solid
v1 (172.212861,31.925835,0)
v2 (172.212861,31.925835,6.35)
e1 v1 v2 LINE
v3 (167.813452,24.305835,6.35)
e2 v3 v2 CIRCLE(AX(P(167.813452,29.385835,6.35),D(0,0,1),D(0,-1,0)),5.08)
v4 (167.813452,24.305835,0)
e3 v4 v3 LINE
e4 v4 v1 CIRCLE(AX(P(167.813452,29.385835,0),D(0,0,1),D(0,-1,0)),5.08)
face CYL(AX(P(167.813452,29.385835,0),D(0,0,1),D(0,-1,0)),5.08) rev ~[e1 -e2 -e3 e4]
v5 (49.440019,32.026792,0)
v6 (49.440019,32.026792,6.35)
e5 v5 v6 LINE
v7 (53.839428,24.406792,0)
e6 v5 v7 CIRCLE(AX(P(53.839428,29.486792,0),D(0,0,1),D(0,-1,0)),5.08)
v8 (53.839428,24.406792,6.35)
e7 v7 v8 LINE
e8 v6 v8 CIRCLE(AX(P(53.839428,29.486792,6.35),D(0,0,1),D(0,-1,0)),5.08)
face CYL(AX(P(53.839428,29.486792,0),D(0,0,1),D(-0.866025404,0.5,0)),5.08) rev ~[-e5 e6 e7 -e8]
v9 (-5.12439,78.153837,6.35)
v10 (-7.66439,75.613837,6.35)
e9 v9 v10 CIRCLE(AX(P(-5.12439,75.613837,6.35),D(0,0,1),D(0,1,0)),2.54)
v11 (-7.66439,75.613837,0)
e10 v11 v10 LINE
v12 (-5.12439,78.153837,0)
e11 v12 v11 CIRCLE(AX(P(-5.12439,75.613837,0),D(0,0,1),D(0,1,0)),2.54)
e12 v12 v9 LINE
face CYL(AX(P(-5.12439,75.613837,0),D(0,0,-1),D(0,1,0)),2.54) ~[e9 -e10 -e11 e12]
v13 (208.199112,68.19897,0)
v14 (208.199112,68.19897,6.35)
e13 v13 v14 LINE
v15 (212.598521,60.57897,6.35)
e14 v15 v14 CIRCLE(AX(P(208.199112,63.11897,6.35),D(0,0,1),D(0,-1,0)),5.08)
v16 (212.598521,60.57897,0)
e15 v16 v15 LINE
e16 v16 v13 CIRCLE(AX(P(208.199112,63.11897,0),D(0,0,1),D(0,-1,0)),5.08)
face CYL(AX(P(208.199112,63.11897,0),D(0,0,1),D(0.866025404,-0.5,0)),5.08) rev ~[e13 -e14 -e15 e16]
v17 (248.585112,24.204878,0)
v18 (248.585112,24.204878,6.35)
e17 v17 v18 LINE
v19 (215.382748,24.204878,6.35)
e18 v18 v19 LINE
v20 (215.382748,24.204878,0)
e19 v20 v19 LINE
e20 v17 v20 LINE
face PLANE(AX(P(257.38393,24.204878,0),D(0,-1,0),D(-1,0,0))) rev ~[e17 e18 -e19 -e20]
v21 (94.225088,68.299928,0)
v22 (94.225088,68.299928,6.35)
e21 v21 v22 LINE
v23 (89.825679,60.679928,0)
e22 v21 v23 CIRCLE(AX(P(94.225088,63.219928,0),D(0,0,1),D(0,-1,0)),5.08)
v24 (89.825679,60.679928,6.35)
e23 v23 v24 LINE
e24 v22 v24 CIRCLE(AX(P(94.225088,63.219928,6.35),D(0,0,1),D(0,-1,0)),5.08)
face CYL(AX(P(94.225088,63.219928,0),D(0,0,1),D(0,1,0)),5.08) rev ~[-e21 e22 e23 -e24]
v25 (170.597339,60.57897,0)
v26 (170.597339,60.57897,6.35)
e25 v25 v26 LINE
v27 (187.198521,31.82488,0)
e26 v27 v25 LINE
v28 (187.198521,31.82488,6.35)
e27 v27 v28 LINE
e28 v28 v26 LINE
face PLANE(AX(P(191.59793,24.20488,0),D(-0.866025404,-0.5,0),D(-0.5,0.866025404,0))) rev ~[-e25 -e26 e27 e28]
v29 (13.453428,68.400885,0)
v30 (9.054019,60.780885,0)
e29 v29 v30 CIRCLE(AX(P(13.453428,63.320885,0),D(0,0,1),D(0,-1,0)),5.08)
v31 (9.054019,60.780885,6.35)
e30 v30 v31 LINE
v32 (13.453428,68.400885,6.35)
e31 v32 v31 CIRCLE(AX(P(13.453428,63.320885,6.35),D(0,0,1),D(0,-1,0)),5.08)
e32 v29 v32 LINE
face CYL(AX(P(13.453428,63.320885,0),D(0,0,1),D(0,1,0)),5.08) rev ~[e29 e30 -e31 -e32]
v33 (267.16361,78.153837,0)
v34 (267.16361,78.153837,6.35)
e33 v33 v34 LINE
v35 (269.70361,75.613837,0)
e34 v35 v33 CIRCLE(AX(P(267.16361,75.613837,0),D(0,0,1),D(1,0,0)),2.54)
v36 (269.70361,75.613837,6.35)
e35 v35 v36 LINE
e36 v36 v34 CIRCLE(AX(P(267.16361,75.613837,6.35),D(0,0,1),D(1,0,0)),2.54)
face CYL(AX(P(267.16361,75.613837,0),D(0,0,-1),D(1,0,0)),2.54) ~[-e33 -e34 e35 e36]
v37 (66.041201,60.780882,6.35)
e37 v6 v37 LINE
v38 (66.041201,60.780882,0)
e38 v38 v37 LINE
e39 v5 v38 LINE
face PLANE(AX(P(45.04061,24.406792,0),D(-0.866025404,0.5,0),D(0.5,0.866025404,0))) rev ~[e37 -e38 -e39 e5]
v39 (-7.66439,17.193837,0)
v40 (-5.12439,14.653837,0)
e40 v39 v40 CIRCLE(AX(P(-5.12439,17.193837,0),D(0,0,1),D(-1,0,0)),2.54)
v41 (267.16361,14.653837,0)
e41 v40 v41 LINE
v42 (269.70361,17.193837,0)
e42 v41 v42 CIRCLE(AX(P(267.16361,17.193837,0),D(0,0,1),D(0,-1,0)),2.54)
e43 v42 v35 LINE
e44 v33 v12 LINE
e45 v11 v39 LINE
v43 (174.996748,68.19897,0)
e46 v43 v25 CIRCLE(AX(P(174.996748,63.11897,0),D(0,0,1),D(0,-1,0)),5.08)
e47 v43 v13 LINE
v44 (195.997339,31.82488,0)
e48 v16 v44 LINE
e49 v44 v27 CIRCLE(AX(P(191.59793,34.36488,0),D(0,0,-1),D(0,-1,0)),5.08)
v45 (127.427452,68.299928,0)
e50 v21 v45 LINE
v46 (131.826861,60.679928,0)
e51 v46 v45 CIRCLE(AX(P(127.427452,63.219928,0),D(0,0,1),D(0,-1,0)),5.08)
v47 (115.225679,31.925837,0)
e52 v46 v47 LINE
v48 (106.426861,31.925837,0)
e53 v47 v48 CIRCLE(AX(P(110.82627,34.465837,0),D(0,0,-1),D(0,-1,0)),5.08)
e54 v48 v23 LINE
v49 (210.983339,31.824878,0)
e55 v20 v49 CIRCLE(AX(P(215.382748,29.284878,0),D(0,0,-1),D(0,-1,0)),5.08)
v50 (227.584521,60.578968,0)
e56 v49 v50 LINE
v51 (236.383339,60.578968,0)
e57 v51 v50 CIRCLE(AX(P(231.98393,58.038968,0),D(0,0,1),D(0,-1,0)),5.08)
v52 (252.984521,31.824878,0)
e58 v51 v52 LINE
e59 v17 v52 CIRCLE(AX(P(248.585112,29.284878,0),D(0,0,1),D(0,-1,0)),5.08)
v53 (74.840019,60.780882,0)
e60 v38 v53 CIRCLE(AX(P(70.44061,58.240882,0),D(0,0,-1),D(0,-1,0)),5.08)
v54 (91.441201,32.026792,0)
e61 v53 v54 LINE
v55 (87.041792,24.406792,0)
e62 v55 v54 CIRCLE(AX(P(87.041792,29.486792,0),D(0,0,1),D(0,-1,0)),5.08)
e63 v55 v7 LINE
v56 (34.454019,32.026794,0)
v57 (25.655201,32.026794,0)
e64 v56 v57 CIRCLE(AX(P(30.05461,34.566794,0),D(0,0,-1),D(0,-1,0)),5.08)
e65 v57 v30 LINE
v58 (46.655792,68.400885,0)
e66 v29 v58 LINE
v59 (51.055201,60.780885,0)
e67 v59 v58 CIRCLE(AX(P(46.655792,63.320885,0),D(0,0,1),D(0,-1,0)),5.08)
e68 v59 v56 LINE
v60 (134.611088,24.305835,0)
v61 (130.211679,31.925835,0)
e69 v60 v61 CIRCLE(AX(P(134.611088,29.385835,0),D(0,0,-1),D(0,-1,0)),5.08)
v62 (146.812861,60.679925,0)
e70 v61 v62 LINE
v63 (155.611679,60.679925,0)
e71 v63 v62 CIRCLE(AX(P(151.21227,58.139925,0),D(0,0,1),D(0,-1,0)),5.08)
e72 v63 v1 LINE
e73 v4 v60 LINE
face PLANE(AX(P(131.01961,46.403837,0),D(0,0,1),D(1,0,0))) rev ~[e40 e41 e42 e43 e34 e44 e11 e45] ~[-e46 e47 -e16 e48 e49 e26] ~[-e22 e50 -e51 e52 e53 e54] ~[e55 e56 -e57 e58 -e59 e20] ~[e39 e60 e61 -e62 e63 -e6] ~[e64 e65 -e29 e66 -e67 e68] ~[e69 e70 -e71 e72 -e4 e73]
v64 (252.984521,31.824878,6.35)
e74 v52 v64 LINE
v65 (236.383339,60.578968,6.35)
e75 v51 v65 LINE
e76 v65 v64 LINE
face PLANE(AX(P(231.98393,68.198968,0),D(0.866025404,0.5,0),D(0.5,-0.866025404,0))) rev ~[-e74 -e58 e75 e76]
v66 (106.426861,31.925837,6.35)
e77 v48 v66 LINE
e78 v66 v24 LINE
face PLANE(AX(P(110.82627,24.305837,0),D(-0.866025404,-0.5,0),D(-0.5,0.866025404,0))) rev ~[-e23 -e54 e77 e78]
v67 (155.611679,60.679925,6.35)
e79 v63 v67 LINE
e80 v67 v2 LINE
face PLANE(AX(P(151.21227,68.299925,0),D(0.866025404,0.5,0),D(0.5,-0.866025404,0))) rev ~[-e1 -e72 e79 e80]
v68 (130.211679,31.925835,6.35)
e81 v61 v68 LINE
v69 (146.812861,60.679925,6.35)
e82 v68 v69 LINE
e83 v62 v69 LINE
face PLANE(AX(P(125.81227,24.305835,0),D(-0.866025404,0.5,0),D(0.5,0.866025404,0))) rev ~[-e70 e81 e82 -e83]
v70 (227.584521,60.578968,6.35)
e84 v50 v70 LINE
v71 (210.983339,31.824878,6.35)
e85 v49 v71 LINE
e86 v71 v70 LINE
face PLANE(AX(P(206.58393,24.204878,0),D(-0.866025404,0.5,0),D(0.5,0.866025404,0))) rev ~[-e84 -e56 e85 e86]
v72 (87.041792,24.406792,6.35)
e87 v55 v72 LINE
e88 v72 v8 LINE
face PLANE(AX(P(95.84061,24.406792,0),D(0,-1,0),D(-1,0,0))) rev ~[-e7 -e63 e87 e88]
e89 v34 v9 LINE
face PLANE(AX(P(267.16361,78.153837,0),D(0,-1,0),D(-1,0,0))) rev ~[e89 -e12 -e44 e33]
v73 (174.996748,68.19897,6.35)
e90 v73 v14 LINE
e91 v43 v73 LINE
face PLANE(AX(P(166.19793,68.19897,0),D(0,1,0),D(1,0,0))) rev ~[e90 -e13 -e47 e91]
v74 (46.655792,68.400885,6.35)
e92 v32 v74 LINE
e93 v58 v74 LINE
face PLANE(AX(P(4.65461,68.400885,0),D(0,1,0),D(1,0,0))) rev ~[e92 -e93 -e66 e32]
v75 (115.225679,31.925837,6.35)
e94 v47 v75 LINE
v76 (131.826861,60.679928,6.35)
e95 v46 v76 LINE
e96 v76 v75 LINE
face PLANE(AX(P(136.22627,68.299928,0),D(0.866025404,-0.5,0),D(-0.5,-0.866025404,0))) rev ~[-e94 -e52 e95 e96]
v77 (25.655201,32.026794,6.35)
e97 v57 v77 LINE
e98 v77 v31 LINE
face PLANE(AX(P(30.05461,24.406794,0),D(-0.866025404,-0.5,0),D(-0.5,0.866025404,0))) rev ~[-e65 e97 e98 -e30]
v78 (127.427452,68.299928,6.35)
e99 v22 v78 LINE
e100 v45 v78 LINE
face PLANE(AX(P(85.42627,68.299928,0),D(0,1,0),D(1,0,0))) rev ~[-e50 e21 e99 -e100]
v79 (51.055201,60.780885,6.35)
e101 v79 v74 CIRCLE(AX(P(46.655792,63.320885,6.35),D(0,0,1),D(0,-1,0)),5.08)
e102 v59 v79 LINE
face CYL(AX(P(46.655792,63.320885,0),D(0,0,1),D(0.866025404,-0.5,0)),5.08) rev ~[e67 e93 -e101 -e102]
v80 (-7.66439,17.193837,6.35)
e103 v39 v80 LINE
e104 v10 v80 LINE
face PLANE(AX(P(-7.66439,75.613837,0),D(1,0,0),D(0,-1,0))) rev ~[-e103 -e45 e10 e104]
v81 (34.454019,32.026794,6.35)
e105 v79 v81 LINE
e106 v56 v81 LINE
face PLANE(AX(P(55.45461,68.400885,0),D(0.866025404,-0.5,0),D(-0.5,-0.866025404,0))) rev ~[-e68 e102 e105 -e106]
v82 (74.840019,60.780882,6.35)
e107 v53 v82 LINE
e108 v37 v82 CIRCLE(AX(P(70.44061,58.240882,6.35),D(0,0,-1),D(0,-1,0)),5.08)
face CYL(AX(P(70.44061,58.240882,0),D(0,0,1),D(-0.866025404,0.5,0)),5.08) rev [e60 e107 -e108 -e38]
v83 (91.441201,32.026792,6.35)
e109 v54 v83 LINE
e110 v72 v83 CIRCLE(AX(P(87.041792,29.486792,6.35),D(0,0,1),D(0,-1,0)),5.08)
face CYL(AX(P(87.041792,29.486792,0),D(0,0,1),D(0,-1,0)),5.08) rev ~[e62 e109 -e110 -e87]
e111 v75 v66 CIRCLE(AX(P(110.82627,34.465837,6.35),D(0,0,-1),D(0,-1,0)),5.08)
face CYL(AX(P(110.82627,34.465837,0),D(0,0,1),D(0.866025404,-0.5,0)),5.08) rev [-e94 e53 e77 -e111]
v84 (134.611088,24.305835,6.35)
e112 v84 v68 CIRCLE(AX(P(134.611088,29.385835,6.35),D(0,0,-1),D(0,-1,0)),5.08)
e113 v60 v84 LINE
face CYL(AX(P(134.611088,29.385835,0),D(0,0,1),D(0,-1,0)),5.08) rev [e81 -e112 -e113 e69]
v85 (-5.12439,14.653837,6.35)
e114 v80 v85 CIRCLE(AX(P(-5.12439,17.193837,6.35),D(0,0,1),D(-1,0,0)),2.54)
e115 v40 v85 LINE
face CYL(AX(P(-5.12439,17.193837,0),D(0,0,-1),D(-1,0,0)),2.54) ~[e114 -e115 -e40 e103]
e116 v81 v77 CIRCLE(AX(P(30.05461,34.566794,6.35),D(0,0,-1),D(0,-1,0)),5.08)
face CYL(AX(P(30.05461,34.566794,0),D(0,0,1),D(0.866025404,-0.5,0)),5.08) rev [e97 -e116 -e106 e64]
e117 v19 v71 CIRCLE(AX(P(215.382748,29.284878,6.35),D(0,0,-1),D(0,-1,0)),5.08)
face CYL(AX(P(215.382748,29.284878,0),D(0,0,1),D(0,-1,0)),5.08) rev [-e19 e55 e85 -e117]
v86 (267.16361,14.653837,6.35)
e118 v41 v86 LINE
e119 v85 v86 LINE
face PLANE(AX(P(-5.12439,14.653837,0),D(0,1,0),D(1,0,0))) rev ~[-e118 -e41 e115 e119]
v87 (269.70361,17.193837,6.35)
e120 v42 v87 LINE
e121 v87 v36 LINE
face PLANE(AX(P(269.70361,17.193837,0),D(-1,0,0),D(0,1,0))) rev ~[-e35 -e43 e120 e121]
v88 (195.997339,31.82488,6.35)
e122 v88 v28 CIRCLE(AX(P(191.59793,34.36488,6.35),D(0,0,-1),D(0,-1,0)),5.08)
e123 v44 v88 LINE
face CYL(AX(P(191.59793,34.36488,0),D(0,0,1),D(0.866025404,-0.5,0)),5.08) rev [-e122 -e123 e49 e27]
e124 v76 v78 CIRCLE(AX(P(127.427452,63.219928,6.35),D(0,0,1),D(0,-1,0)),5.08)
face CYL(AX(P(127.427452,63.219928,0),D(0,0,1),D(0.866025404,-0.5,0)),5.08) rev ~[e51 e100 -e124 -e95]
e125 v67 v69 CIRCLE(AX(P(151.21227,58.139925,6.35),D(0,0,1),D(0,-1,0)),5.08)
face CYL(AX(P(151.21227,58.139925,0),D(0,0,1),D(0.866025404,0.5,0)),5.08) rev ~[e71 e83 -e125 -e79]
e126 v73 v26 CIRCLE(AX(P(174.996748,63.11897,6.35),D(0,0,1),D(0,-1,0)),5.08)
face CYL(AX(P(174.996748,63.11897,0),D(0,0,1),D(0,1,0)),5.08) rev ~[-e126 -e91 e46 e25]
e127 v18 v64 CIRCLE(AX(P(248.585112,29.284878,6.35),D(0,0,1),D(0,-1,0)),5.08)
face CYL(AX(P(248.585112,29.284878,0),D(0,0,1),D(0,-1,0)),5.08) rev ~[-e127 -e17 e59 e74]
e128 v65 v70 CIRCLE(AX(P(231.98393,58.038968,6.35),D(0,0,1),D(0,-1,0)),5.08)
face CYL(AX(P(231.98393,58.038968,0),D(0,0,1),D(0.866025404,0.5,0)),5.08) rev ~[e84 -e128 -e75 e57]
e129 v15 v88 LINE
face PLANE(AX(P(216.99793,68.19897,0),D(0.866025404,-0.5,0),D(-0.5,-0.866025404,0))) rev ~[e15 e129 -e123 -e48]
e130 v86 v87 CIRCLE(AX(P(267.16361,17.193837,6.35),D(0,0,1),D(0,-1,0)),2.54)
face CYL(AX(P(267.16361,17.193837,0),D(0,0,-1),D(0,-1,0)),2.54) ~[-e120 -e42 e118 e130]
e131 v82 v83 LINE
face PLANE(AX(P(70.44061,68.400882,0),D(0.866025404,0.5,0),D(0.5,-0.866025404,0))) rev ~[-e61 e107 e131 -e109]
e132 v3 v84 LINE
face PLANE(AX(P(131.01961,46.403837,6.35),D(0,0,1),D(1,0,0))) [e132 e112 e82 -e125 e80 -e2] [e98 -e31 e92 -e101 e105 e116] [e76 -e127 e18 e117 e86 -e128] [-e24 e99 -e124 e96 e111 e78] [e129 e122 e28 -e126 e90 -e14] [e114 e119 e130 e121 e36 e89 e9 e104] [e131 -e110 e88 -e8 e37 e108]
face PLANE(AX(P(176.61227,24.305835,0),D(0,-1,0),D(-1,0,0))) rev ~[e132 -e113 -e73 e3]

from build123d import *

# Parameters (mm, degrees)
BOSS_EXTRUDE1_DEPTH = 6.35
FILLET1_R           = 5.08


with BuildPart() as part:
    # Sketch2 → Boss-Extrude1 (new body)
    with BuildSketch(Plane.XY):
        with BuildLine():
            Line((-5.12438972, 14.653837172), (267.16361028, 14.653837172))
            ThreePointArc((267.16361028, 14.653837172), (268.959661504, 15.397785947), (269.70361028, 17.193837172))
            Line((269.70361028, 17.193837172), (269.70361028, 75.613837172))
            ThreePointArc((269.70361028, 75.613837172), (268.959661504, 77.409888396), (267.16361028, 78.153837172))
            Line((267.16361028, 78.153837172), (-5.12438972, 78.153837172))
            ThreePointArc((-5.12438972, 78.153837172), (-6.920440944, 77.409888396), (-7.66438972, 75.613837172))
            Line((-7.66438972, 75.613837172), (-7.66438972, 17.193837172))
            ThreePointArc((-7.66438972, 17.193837172), (-6.920440944, 15.397785947), (-5.12438972, 14.653837172))
        make_face()
        Polygon((30.05461028, 24.406794359), (4.65461028, 68.400884872), (55.45461028, 68.400884872), align=None, mode=Mode.SUBTRACT)
        Polygon((70.44061028, 68.400882428), (95.84061028, 24.406791915), (45.04061028, 24.406791915), align=None, mode=Mode.SUBTRACT)
        Polygon((110.82627023, 24.305837172), (85.42627023, 68.299927684), (136.22627023, 68.299927684), align=None, mode=Mode.SUBTRACT)
        Polygon((125.81227023, 24.305834728), (151.21227023, 68.29992524), (176.61227023, 24.305834728), align=None, mode=Mode.SUBTRACT)
        Polygon((191.59793018, 24.204879984), (166.19793018, 68.198970496), (216.99793018, 68.198970496), align=None, mode=Mode.SUBTRACT)
        Polygon((206.58393018, 24.20487754), (231.98393018, 68.198968052), (257.38393018, 24.20487754), align=None, mode=Mode.SUBTRACT)
    extrude(amount=BOSS_EXTRUDE1_DEPTH)

    # Fillet1
    fillet1_edges = [part.edges().sort_by_distance(p)[0] for p in [
        (257.38393018, 24.20487754, 3.175),
        (231.98393018, 68.198968052, 3.175),
        (206.58393018, 24.20487754, 3.175),
        (176.61227023, 24.305834728, 3.175),
        (151.21227023, 68.29992524, 3.175),
        (125.81227023, 24.305834728, 3.175),
        (4.65461028, 68.400884872, 3.175),
        (30.05461028, 24.406794359, 3.175),
        (55.45461028, 68.400884872, 3.175),
        (95.84061028, 24.406791915, 3.175),
        (70.44061028, 68.400882428, 3.175),
        (45.04061028, 24.406791915, 3.175),
        (85.42627023, 68.299927684, 3.175),
        (110.82627023, 24.305837172, 3.175),
        (136.22627023, 68.299927684, 3.175),
        (166.19793018, 68.198970496, 3.175),
        (191.59793018, 24.204879984, 3.175),
        (216.99793018, 68.198970496, 3.175),
    ]]
    fillet(fillet1_edges, radius=FILLET1_R)


solid = part.part
